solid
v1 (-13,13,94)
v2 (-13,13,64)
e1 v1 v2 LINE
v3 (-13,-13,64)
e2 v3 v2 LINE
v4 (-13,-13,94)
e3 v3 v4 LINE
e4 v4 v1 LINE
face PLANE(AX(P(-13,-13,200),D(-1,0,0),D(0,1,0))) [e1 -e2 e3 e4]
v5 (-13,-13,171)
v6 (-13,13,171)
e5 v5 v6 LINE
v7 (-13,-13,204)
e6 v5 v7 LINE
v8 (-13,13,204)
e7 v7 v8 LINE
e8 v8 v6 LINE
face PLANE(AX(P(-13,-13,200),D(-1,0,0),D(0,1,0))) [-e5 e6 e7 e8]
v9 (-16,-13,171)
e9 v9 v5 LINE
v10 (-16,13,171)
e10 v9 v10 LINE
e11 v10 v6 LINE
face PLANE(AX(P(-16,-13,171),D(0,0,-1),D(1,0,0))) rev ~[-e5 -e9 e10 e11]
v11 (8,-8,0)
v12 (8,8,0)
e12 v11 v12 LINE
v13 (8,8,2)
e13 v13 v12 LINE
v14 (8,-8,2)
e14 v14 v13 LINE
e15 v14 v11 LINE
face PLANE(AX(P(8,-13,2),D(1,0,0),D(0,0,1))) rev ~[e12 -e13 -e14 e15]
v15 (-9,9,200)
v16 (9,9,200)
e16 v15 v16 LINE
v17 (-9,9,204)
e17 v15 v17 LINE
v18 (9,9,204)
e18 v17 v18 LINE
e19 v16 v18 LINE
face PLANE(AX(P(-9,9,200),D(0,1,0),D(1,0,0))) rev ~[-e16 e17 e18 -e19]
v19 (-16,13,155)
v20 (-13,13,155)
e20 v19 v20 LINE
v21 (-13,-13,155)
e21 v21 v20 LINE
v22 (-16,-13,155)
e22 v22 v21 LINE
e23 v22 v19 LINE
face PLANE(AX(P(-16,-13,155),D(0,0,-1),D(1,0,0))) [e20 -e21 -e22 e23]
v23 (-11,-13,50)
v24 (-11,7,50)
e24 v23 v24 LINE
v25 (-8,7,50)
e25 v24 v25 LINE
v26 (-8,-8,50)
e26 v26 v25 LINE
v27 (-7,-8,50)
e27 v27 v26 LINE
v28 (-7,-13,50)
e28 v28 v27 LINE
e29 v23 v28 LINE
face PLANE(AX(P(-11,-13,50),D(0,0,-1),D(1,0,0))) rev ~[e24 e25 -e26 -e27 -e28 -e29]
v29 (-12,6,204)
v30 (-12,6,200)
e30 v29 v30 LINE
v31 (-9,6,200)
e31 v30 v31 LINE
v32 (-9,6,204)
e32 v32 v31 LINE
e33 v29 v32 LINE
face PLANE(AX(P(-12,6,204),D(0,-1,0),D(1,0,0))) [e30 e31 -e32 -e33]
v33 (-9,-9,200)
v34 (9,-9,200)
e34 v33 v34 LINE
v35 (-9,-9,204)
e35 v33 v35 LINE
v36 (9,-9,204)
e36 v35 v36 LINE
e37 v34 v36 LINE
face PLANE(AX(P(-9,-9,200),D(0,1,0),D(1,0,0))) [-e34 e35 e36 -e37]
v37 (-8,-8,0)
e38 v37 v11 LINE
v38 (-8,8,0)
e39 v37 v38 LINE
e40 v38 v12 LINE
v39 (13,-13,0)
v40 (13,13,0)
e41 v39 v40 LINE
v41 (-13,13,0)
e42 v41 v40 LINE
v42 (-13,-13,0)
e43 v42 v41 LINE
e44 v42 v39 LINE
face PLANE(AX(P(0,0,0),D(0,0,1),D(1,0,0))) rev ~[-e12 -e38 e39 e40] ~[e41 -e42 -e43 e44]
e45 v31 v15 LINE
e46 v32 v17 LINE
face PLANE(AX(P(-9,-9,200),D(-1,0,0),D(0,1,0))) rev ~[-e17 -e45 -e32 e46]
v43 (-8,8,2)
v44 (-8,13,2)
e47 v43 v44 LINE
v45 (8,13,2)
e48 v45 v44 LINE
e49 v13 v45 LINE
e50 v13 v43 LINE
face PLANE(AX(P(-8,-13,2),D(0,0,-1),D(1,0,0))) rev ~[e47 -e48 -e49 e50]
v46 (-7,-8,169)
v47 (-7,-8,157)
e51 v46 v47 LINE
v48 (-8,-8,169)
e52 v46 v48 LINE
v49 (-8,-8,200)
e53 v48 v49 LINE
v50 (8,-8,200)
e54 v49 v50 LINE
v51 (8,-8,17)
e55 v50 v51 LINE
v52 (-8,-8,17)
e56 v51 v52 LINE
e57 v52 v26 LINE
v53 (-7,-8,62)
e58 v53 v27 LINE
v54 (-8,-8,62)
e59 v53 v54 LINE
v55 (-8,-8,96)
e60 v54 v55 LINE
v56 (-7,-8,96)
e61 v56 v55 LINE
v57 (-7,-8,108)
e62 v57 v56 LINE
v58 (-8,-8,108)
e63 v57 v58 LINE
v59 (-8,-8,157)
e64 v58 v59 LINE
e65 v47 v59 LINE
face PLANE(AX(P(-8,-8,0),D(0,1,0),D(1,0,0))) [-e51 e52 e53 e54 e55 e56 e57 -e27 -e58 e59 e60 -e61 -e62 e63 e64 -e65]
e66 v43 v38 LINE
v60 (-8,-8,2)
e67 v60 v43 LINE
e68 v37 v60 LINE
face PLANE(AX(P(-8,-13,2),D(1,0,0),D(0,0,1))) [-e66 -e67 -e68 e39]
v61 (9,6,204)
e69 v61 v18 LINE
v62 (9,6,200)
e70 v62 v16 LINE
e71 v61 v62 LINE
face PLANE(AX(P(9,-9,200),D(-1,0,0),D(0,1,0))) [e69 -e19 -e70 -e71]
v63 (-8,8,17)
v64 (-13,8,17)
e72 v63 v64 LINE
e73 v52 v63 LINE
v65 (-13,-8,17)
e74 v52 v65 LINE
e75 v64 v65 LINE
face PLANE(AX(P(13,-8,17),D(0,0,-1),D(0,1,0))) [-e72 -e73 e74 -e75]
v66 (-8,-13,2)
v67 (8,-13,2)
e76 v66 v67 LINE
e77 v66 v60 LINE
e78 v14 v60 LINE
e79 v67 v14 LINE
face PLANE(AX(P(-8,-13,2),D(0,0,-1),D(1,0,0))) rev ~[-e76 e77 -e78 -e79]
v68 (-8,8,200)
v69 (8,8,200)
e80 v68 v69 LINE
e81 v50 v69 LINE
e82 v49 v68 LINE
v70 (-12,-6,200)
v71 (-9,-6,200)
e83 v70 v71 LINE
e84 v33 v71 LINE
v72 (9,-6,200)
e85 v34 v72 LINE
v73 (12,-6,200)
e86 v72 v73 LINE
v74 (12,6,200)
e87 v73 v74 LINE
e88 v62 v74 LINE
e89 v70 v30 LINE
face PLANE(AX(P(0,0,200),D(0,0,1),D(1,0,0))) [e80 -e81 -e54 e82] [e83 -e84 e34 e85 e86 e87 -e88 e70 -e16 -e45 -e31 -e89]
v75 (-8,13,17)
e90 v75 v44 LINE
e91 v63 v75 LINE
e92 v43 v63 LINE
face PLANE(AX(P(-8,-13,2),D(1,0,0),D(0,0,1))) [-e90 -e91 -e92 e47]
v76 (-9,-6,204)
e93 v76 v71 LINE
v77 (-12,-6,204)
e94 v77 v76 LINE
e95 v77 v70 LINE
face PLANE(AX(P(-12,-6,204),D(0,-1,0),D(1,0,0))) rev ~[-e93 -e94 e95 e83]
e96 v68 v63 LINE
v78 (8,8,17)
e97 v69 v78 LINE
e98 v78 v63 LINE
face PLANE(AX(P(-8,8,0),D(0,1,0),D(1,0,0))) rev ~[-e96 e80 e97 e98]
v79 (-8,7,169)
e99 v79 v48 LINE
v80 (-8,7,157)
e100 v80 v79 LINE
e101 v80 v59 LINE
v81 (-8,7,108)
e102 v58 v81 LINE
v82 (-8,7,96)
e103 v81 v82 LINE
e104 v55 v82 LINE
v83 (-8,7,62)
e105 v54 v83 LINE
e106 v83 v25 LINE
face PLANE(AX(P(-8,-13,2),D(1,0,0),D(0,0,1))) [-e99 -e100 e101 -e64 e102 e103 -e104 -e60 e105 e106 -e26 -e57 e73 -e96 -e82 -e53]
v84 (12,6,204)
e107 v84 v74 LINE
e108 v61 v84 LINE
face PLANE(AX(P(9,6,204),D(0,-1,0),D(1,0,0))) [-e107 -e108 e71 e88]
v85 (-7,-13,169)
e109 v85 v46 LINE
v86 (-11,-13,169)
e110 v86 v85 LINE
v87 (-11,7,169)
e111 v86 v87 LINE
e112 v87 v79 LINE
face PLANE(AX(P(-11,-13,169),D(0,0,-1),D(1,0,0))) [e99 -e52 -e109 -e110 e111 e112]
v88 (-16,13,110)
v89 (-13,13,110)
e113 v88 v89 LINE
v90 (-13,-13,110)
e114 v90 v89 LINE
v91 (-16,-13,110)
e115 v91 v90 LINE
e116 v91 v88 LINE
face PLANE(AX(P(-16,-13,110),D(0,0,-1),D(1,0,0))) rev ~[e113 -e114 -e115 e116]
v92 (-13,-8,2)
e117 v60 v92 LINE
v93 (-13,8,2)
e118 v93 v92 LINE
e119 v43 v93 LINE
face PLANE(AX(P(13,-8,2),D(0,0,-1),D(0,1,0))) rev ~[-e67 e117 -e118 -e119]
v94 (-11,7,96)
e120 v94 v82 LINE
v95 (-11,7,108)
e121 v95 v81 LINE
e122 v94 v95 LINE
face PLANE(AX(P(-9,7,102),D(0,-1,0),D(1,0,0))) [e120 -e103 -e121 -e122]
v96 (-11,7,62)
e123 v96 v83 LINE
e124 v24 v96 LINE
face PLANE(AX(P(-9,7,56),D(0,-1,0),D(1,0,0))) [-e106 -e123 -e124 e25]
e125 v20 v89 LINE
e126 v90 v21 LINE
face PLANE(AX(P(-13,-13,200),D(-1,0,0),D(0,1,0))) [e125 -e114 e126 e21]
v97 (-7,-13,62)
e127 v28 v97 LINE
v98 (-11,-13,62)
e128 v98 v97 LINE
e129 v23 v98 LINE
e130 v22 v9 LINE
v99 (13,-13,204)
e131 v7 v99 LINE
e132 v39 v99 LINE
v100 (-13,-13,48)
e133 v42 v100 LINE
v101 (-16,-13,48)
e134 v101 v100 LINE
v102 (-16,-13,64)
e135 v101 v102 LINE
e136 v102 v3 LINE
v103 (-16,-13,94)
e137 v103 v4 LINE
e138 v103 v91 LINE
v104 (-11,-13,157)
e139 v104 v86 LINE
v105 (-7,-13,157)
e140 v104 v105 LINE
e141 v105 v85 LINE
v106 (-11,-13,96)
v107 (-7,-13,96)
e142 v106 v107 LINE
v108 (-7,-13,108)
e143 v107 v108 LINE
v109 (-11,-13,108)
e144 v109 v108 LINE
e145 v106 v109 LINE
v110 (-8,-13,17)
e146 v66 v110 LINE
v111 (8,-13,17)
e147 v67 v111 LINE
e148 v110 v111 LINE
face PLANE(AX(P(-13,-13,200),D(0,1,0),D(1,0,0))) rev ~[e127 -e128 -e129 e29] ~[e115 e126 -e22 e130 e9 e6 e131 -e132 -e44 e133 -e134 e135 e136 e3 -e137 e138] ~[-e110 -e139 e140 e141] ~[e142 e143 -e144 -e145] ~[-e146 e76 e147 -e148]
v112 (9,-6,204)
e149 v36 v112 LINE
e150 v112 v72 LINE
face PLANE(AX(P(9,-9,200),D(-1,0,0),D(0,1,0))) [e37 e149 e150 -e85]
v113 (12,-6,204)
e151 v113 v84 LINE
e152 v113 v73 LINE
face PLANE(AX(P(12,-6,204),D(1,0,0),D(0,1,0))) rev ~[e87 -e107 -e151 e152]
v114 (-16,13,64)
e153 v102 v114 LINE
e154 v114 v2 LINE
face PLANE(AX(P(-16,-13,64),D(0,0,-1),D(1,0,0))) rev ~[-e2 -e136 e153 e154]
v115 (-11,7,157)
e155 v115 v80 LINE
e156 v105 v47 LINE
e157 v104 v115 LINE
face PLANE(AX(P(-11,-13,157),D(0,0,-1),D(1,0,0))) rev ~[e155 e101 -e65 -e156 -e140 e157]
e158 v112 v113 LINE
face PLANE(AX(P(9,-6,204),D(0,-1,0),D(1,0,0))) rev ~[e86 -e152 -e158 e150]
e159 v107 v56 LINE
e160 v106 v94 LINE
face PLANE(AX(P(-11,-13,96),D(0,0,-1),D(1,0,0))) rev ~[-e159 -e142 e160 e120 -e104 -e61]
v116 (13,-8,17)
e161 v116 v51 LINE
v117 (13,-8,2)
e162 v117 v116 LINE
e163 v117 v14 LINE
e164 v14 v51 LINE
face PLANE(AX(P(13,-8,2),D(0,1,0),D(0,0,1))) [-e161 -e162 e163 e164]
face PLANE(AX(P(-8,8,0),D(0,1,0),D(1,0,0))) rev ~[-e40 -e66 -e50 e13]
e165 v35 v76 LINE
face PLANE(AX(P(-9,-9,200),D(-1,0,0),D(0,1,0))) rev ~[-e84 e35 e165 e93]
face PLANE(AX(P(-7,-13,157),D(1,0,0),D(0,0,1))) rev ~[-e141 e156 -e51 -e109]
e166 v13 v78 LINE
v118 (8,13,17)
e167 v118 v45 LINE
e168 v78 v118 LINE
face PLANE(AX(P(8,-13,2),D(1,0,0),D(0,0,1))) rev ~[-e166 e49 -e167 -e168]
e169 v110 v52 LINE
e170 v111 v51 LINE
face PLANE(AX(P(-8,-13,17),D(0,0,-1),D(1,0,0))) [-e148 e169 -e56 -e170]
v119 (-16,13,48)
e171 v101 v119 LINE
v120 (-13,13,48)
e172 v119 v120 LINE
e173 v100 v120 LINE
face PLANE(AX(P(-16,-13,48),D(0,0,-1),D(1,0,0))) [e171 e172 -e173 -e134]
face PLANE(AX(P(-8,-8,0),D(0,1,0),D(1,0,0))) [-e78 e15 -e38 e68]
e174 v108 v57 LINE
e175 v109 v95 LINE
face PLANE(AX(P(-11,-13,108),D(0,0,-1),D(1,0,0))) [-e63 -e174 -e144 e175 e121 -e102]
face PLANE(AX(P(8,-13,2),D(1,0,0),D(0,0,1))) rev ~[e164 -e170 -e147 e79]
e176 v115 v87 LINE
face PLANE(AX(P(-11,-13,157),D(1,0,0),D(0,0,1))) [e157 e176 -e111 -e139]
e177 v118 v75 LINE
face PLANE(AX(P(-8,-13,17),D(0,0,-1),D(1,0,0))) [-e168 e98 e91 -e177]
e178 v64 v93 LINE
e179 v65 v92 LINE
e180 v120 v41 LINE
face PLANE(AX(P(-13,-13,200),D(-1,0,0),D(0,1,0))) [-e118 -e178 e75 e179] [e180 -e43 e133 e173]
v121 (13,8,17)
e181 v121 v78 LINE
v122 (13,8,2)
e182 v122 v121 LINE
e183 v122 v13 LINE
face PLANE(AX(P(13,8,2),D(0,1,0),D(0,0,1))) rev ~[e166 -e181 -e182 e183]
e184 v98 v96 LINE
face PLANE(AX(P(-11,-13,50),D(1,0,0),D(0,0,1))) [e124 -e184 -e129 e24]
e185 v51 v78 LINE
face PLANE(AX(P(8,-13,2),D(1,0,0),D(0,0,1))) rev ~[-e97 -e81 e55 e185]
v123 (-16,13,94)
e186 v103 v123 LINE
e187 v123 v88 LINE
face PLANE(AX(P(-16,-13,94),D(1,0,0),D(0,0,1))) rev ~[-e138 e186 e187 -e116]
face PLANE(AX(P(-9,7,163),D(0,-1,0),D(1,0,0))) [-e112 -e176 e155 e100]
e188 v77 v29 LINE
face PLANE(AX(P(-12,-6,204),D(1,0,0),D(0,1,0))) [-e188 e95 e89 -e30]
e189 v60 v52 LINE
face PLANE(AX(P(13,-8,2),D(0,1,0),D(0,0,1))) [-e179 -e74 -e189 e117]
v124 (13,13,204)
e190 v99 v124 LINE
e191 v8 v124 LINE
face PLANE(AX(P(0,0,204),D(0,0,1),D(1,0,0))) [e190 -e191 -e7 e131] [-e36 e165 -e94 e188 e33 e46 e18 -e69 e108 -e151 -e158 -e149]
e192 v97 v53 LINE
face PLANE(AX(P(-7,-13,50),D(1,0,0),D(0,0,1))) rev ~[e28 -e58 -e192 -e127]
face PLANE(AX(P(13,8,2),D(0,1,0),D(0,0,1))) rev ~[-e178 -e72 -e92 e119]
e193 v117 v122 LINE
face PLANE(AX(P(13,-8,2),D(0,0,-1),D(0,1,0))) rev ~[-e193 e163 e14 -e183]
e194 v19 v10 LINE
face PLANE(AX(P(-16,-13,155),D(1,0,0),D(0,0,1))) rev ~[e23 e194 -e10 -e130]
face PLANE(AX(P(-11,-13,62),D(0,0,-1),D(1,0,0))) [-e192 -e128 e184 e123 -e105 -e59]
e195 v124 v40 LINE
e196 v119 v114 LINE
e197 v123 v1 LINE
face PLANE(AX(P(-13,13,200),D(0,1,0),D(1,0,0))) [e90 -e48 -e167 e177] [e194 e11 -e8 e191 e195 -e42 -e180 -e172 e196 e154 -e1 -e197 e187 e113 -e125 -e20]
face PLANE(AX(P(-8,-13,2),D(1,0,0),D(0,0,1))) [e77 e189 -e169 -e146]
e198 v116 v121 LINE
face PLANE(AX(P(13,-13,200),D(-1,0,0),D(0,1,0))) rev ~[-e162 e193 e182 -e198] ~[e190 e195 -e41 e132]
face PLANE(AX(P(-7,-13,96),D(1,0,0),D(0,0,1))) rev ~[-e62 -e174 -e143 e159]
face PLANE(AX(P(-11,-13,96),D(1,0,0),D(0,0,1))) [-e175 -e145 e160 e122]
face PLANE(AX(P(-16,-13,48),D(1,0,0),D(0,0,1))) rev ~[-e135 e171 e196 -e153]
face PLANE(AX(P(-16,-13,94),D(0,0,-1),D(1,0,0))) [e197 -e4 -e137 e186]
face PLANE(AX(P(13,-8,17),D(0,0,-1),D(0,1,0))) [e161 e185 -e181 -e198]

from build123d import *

# Parameters (mm, degrees)
F0_W      = 26
F0_H      = 26
F0_W_2    = 16
F0_H_2    = 16
F1_DEPTH  = 2
F2_DEPTH  = 200
F3_W      = 26
F3_H      = 26
F3_W_2    = 18
F3_H_2    = 18
F4_DEPTH  = 4
F6_DEPTH  = 25
F7_W      = 3
F7_H      = 16
F8_DEPTH  = 26
F9_W      = 4
F9_H      = 12
F10_DEPTH = 20
F11_W     = 16
F11_H     = 15
F12_DEPTH = 40
F13_W     = 16
F13_H     = 15
F14_DEPTH = 40
F15_W     = 4
F15_H     = 12
F16_DEPTH = 20
F17_W     = 3
F17_H     = 12
F18_DEPTH = 4


with BuildPart() as f1:
    # F0 (on Top) → F1 (new body)
    with BuildSketch(Plane.XY):
        Rectangle(F0_W, F0_H)
        Rectangle(F0_W_2, F0_H_2, mode=Mode.SUBTRACT)
        Rectangle(F0_W_2, F0_H_2)
    extrude(amount=F1_DEPTH)

    # F0 (on Top) → F2 (join)
    with BuildSketch(Plane.XY):
        Rectangle(F0_W, F0_H)
        Rectangle(F0_W_2, F0_H_2, mode=Mode.SUBTRACT)
    extrude(amount=F2_DEPTH)

    # F3 (on face) → F4 (join)
    with BuildSketch(Plane.XY.offset(200)):
        Rectangle(F3_W, F3_H)
        Rectangle(F3_W_2, F3_H_2, mode=Mode.SUBTRACT)
    extrude(amount=F4_DEPTH)

    # F0 (on Top) → F6 (cut)
    with BuildSketch(Plane.XY):
        Rectangle(F0_W_2, F0_H_2)
    extrude(amount=F6_DEPTH, mode=Mode.SUBTRACT)

    # F7 (on face) → F8 (join)
    with BuildSketch(Plane.XZ.offset(13)):
        with Locations((-14.5, 163)):
            Rectangle(F7_W, F7_H)
        with Locations((-14.5, 102)):
            Rectangle(F7_W, F7_H)
        with Locations((-14.5, 56)):
            Rectangle(F7_W, F7_H)
    extrude(amount=-F8_DEPTH)

    # F9 (on face) → F10 (cut)
    with BuildSketch(Plane.XZ.offset(13)):
        with Locations((-9, 163)):
            Rectangle(F9_W, F9_H)
    extrude(amount=-F10_DEPTH, mode=Mode.SUBTRACT)

    # F11 (on face) → F12 (cut)
    with BuildSketch(Plane.XZ.offset(13)):
        with Locations((0, 9.5)):
            Rectangle(F11_W, F11_H)
    extrude(amount=-F12_DEPTH, mode=Mode.SUBTRACT)

    # F13 (on face) → F14 (cut)
    with BuildSketch(Plane.YZ.offset(13)):
        with Locations((0, 9.5)):
            Rectangle(F13_W, F13_H)
    extrude(amount=-F14_DEPTH, mode=Mode.SUBTRACT)

    # F15 (on face) → F16 (cut)
    with BuildSketch(Plane.XZ.offset(13)):
        with Locations((-9, 102)):
            Rectangle(F15_W, F15_H)
        with Locations((-9, 56)):
            Rectangle(F15_W, F15_H)
    extrude(amount=-F16_DEPTH, mode=Mode.SUBTRACT)

    # F17 (on face) → F18 (cut)
    with BuildSketch(Plane.XY.offset(204)):
        with Locations((-10.5, 0)):
            Rectangle(F17_W, F17_H)
        with Locations((10.5, 0)):
            Rectangle(F17_W, F17_H)
    extrude(amount=-F18_DEPTH, mode=Mode.SUBTRACT)


solid = f1.part
